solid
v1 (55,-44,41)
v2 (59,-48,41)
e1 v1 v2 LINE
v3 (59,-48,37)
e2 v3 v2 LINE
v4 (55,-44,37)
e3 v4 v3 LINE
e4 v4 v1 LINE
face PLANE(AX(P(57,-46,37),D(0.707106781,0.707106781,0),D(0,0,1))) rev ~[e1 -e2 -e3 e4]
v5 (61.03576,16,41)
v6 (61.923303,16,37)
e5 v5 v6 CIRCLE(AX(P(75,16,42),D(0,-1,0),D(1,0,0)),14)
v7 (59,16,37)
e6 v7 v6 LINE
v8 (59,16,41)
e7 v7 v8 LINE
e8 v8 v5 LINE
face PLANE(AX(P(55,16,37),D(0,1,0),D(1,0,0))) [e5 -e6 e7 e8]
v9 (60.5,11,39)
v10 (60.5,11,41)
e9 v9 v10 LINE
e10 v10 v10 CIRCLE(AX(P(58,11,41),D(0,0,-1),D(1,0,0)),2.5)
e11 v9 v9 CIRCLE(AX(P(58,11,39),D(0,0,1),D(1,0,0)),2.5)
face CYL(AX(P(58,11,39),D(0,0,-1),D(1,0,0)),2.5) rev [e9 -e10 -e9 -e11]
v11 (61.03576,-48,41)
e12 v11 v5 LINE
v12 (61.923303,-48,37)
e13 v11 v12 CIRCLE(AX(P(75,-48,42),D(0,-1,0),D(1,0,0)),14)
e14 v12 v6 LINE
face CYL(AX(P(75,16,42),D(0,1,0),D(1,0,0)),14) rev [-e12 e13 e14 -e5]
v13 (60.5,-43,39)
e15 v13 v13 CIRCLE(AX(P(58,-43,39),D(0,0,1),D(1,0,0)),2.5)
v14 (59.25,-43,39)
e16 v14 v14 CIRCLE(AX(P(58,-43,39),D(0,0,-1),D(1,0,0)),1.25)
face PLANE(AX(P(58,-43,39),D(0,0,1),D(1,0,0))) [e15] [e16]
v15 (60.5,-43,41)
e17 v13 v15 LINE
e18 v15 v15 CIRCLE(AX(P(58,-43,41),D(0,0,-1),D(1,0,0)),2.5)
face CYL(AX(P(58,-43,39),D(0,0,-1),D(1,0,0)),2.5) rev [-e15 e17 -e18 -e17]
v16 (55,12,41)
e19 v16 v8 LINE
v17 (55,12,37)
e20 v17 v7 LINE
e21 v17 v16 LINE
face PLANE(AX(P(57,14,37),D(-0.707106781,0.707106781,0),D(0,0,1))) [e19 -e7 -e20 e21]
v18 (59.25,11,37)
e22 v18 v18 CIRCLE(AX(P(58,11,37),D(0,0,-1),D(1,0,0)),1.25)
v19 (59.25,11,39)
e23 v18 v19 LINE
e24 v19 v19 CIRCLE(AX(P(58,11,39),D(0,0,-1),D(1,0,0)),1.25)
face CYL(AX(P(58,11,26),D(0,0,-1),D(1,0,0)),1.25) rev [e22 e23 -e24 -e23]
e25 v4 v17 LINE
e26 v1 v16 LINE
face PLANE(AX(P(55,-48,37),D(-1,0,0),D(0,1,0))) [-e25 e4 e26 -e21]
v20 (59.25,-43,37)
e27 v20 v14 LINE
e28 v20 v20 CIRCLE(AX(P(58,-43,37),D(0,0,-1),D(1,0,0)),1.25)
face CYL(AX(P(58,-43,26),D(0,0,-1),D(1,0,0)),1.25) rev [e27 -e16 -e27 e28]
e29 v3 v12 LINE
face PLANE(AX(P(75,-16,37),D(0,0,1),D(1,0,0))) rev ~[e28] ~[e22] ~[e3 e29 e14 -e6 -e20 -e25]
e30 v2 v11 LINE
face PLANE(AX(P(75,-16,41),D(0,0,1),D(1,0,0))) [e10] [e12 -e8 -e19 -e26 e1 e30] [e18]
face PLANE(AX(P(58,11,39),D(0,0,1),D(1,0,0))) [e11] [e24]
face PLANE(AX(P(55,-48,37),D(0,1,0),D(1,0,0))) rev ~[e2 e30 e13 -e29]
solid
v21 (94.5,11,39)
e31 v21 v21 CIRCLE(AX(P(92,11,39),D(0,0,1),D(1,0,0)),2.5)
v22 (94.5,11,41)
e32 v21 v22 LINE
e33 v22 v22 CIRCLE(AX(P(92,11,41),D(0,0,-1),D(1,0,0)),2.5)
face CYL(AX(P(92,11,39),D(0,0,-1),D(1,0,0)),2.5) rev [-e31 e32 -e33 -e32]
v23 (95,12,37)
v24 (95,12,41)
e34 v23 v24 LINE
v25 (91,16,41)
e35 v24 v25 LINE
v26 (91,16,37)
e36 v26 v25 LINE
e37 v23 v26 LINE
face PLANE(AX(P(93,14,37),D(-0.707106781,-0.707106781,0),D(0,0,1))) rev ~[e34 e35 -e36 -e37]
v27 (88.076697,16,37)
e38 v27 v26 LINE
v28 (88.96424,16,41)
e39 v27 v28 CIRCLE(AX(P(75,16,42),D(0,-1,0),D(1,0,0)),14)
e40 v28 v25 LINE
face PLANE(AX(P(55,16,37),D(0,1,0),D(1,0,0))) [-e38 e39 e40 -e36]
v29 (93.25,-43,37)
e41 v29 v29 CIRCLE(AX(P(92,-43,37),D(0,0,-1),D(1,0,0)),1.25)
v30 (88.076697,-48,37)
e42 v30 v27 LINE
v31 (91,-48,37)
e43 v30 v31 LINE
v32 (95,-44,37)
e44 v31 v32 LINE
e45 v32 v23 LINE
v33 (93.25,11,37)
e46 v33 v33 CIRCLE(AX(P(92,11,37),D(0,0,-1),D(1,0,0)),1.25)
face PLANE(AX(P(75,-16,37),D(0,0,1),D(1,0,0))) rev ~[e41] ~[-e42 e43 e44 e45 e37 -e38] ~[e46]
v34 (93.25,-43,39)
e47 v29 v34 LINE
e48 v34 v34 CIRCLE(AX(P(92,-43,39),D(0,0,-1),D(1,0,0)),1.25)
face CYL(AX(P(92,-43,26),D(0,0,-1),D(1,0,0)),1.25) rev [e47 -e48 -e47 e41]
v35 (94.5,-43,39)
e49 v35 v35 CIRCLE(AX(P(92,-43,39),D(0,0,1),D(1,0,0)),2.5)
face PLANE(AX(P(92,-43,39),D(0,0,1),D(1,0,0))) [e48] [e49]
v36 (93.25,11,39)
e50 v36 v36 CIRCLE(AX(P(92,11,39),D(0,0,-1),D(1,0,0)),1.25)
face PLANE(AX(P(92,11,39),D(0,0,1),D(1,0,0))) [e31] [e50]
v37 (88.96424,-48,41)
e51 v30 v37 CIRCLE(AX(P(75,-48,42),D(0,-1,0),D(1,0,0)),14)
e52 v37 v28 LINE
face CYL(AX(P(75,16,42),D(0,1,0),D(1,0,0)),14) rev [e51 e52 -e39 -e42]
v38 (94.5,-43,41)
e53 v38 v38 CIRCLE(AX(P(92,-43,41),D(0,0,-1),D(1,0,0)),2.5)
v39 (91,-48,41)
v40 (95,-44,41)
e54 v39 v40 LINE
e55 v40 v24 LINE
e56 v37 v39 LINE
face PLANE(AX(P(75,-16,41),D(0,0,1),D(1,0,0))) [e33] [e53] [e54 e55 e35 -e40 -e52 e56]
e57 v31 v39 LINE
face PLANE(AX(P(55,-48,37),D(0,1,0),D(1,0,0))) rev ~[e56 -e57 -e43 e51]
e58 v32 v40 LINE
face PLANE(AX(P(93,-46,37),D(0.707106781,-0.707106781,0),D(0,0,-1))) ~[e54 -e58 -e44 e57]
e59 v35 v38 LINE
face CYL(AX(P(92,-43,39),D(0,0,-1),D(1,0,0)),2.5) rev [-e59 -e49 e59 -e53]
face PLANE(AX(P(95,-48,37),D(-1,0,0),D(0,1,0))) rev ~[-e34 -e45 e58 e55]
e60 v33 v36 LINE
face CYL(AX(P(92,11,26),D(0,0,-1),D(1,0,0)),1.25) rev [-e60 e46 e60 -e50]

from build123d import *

# Parameters (mm, degrees)
CYLINDER502_R     = 2.5
CYLINDER502_DEPTH = 3
CYLINDER503_R     = 2.5
CYLINDER503_DEPTH = 3
CYLINDER501_R     = 2.5
CYLINDER501_DEPTH = 3
CYLINDER500_R     = 2.5
CYLINDER500_DEPTH = 3
CYLINDER499_R     = 1.25
CYLINDER499_DEPTH = 20
CYLINDER504_R     = 1.25
CYLINDER504_DEPTH = 20
CYLINDER498_R     = 1.25
CYLINDER498_DEPTH = 20
CYLINDER497_R     = 1.25
CYLINDER497_DEPTH = 20
CYLINDER505_R     = 14
CYLINDER505_DEPTH = 64
BOX215_W          = 40
BOX215_H          = 64
BOX215_DEPTH      = 4
CHAMFER004_SIZE   = 4
CHAMFER005_SIZE   = 4


with BuildPart() as v_lec502:
    # Cylinder502 → Cylinder502 (new body)
    with BuildSketch(Plane(origin=(58, -43, 26), x_dir=(1, 0, 0), z_dir=(0, 0, 1))):
        Circle(CYLINDER502_R)
    extrude(amount=CYLINDER502_DEPTH)


with BuildPart() as compound605:
    # Cylinder503 → Cylinder503 (new body)
    with BuildSketch(Plane(origin=(58, 11, 26), x_dir=(1, 0, 0), z_dir=(0, 0, 1))):
        Circle(CYLINDER503_R)
    extrude(amount=CYLINDER503_DEPTH)

    # Compound605: union Válec502
    add(v_lec502.part)


with BuildPart() as compound605_1:
    # Compound605 placement: moved
    add(compound605.part.moved(Location((34, 0, 13))))


with BuildPart() as v_lec501:
    # Cylinder501 → Cylinder501 (new body)
    with BuildSketch(Plane(origin=(58, -43, 26), x_dir=(1, 0, 0), z_dir=(0, 0, 1))):
        Circle(CYLINDER501_R)
    extrude(amount=CYLINDER501_DEPTH)


with BuildPart() as compound607:
    # Cylinder500 → Cylinder500 (new body)
    with BuildSketch(Plane(origin=(58, 11, 26), x_dir=(1, 0, 0), z_dir=(0, 0, 1))):
        Circle(CYLINDER500_R)
    extrude(amount=CYLINDER500_DEPTH)

    # Compound606: union Válec501
    add(v_lec501.part)


with BuildPart() as compound607_1:
    # Compound606 placement: moved
    add(compound607.part.moved(Location((0, 0, 13))))

    # Compound607: union Compound605
    add(compound605_1.part)


with BuildPart() as v_lec499:
    # Cylinder499 → Cylinder499 (new body)
    with BuildSketch(Plane(origin=(58, -43, 26), x_dir=(1, 0, 0), z_dir=(0, 0, 1))):
        Circle(CYLINDER499_R)
    extrude(amount=CYLINDER499_DEPTH)


with BuildPart() as compound610:
    # Cylinder504 → Cylinder504 (new body)
    with BuildSketch(Plane(origin=(58, 11, 26), x_dir=(1, 0, 0), z_dir=(0, 0, 1))):
        Circle(CYLINDER504_R)
    extrude(amount=CYLINDER504_DEPTH)

    # Compound610: union Válec499
    add(v_lec499.part)


with BuildPart() as compound610_1:
    # Compound610 placement: moved
    add(compound610.part.moved(Location((34, 0, 0))))


with BuildPart() as v_lec498:
    # Cylinder498 → Cylinder498 (new body)
    with BuildSketch(Plane(origin=(58, -43, 26), x_dir=(1, 0, 0), z_dir=(0, 0, 1))):
        Circle(CYLINDER498_R)
    extrude(amount=CYLINDER498_DEPTH)


with BuildPart() as compound609:
    # Cylinder497 → Cylinder497 (new body)
    with BuildSketch(Plane(origin=(58, 11, 26), x_dir=(1, 0, 0), z_dir=(0, 0, 1))):
        Circle(CYLINDER497_R)
    extrude(amount=CYLINDER497_DEPTH)

    # Compound608: union Válec498
    add(v_lec498.part)

    # Compound609: union Compound610
    add(compound610_1.part)


with BuildPart() as v_lec505:
    # Cylinder505 → Cylinder505 (new body)
    with BuildSketch(Plane(origin=(75, 16, 42), x_dir=(1, 0, 0), z_dir=(0, -1, 0))):
        Circle(CYLINDER505_R)
    extrude(amount=CYLINDER505_DEPTH)


with BuildPart() as chamfer005:
    # Box215 → Box215 (new body)
    with BuildSketch(Plane(origin=(55, -48, 37), x_dir=(1, 0, 0), z_dir=(0, 0, 1))):
        with Locations((20, 32)):
            Rectangle(BOX215_W, BOX215_H)
    extrude(amount=BOX215_DEPTH)

    # Cut378: cut Válec505
    add(v_lec505.part, mode=Mode.SUBTRACT)

    # Cut379: cut Compound609
    add(compound609.part, mode=Mode.SUBTRACT)

    # Cut380: cut Compound607
    add(compound607_1.part, mode=Mode.SUBTRACT)

    # Chamfer004
    chamfer004_edges = [chamfer005.edges().sort_by_distance(p)[0] for p in [
        (55, -48, 39),
        (95, -48, 39),
    ]]
    chamfer(chamfer004_edges, length=CHAMFER004_SIZE)

    # Chamfer005
    chamfer005_edges = [chamfer005.edges().sort_by_distance(p)[0] for p in [
        (55, 16, 39),
        (95, 16, 39),
    ]]
    chamfer(chamfer005_edges, length=CHAMFER005_SIZE)


solid = chamfer005.part
